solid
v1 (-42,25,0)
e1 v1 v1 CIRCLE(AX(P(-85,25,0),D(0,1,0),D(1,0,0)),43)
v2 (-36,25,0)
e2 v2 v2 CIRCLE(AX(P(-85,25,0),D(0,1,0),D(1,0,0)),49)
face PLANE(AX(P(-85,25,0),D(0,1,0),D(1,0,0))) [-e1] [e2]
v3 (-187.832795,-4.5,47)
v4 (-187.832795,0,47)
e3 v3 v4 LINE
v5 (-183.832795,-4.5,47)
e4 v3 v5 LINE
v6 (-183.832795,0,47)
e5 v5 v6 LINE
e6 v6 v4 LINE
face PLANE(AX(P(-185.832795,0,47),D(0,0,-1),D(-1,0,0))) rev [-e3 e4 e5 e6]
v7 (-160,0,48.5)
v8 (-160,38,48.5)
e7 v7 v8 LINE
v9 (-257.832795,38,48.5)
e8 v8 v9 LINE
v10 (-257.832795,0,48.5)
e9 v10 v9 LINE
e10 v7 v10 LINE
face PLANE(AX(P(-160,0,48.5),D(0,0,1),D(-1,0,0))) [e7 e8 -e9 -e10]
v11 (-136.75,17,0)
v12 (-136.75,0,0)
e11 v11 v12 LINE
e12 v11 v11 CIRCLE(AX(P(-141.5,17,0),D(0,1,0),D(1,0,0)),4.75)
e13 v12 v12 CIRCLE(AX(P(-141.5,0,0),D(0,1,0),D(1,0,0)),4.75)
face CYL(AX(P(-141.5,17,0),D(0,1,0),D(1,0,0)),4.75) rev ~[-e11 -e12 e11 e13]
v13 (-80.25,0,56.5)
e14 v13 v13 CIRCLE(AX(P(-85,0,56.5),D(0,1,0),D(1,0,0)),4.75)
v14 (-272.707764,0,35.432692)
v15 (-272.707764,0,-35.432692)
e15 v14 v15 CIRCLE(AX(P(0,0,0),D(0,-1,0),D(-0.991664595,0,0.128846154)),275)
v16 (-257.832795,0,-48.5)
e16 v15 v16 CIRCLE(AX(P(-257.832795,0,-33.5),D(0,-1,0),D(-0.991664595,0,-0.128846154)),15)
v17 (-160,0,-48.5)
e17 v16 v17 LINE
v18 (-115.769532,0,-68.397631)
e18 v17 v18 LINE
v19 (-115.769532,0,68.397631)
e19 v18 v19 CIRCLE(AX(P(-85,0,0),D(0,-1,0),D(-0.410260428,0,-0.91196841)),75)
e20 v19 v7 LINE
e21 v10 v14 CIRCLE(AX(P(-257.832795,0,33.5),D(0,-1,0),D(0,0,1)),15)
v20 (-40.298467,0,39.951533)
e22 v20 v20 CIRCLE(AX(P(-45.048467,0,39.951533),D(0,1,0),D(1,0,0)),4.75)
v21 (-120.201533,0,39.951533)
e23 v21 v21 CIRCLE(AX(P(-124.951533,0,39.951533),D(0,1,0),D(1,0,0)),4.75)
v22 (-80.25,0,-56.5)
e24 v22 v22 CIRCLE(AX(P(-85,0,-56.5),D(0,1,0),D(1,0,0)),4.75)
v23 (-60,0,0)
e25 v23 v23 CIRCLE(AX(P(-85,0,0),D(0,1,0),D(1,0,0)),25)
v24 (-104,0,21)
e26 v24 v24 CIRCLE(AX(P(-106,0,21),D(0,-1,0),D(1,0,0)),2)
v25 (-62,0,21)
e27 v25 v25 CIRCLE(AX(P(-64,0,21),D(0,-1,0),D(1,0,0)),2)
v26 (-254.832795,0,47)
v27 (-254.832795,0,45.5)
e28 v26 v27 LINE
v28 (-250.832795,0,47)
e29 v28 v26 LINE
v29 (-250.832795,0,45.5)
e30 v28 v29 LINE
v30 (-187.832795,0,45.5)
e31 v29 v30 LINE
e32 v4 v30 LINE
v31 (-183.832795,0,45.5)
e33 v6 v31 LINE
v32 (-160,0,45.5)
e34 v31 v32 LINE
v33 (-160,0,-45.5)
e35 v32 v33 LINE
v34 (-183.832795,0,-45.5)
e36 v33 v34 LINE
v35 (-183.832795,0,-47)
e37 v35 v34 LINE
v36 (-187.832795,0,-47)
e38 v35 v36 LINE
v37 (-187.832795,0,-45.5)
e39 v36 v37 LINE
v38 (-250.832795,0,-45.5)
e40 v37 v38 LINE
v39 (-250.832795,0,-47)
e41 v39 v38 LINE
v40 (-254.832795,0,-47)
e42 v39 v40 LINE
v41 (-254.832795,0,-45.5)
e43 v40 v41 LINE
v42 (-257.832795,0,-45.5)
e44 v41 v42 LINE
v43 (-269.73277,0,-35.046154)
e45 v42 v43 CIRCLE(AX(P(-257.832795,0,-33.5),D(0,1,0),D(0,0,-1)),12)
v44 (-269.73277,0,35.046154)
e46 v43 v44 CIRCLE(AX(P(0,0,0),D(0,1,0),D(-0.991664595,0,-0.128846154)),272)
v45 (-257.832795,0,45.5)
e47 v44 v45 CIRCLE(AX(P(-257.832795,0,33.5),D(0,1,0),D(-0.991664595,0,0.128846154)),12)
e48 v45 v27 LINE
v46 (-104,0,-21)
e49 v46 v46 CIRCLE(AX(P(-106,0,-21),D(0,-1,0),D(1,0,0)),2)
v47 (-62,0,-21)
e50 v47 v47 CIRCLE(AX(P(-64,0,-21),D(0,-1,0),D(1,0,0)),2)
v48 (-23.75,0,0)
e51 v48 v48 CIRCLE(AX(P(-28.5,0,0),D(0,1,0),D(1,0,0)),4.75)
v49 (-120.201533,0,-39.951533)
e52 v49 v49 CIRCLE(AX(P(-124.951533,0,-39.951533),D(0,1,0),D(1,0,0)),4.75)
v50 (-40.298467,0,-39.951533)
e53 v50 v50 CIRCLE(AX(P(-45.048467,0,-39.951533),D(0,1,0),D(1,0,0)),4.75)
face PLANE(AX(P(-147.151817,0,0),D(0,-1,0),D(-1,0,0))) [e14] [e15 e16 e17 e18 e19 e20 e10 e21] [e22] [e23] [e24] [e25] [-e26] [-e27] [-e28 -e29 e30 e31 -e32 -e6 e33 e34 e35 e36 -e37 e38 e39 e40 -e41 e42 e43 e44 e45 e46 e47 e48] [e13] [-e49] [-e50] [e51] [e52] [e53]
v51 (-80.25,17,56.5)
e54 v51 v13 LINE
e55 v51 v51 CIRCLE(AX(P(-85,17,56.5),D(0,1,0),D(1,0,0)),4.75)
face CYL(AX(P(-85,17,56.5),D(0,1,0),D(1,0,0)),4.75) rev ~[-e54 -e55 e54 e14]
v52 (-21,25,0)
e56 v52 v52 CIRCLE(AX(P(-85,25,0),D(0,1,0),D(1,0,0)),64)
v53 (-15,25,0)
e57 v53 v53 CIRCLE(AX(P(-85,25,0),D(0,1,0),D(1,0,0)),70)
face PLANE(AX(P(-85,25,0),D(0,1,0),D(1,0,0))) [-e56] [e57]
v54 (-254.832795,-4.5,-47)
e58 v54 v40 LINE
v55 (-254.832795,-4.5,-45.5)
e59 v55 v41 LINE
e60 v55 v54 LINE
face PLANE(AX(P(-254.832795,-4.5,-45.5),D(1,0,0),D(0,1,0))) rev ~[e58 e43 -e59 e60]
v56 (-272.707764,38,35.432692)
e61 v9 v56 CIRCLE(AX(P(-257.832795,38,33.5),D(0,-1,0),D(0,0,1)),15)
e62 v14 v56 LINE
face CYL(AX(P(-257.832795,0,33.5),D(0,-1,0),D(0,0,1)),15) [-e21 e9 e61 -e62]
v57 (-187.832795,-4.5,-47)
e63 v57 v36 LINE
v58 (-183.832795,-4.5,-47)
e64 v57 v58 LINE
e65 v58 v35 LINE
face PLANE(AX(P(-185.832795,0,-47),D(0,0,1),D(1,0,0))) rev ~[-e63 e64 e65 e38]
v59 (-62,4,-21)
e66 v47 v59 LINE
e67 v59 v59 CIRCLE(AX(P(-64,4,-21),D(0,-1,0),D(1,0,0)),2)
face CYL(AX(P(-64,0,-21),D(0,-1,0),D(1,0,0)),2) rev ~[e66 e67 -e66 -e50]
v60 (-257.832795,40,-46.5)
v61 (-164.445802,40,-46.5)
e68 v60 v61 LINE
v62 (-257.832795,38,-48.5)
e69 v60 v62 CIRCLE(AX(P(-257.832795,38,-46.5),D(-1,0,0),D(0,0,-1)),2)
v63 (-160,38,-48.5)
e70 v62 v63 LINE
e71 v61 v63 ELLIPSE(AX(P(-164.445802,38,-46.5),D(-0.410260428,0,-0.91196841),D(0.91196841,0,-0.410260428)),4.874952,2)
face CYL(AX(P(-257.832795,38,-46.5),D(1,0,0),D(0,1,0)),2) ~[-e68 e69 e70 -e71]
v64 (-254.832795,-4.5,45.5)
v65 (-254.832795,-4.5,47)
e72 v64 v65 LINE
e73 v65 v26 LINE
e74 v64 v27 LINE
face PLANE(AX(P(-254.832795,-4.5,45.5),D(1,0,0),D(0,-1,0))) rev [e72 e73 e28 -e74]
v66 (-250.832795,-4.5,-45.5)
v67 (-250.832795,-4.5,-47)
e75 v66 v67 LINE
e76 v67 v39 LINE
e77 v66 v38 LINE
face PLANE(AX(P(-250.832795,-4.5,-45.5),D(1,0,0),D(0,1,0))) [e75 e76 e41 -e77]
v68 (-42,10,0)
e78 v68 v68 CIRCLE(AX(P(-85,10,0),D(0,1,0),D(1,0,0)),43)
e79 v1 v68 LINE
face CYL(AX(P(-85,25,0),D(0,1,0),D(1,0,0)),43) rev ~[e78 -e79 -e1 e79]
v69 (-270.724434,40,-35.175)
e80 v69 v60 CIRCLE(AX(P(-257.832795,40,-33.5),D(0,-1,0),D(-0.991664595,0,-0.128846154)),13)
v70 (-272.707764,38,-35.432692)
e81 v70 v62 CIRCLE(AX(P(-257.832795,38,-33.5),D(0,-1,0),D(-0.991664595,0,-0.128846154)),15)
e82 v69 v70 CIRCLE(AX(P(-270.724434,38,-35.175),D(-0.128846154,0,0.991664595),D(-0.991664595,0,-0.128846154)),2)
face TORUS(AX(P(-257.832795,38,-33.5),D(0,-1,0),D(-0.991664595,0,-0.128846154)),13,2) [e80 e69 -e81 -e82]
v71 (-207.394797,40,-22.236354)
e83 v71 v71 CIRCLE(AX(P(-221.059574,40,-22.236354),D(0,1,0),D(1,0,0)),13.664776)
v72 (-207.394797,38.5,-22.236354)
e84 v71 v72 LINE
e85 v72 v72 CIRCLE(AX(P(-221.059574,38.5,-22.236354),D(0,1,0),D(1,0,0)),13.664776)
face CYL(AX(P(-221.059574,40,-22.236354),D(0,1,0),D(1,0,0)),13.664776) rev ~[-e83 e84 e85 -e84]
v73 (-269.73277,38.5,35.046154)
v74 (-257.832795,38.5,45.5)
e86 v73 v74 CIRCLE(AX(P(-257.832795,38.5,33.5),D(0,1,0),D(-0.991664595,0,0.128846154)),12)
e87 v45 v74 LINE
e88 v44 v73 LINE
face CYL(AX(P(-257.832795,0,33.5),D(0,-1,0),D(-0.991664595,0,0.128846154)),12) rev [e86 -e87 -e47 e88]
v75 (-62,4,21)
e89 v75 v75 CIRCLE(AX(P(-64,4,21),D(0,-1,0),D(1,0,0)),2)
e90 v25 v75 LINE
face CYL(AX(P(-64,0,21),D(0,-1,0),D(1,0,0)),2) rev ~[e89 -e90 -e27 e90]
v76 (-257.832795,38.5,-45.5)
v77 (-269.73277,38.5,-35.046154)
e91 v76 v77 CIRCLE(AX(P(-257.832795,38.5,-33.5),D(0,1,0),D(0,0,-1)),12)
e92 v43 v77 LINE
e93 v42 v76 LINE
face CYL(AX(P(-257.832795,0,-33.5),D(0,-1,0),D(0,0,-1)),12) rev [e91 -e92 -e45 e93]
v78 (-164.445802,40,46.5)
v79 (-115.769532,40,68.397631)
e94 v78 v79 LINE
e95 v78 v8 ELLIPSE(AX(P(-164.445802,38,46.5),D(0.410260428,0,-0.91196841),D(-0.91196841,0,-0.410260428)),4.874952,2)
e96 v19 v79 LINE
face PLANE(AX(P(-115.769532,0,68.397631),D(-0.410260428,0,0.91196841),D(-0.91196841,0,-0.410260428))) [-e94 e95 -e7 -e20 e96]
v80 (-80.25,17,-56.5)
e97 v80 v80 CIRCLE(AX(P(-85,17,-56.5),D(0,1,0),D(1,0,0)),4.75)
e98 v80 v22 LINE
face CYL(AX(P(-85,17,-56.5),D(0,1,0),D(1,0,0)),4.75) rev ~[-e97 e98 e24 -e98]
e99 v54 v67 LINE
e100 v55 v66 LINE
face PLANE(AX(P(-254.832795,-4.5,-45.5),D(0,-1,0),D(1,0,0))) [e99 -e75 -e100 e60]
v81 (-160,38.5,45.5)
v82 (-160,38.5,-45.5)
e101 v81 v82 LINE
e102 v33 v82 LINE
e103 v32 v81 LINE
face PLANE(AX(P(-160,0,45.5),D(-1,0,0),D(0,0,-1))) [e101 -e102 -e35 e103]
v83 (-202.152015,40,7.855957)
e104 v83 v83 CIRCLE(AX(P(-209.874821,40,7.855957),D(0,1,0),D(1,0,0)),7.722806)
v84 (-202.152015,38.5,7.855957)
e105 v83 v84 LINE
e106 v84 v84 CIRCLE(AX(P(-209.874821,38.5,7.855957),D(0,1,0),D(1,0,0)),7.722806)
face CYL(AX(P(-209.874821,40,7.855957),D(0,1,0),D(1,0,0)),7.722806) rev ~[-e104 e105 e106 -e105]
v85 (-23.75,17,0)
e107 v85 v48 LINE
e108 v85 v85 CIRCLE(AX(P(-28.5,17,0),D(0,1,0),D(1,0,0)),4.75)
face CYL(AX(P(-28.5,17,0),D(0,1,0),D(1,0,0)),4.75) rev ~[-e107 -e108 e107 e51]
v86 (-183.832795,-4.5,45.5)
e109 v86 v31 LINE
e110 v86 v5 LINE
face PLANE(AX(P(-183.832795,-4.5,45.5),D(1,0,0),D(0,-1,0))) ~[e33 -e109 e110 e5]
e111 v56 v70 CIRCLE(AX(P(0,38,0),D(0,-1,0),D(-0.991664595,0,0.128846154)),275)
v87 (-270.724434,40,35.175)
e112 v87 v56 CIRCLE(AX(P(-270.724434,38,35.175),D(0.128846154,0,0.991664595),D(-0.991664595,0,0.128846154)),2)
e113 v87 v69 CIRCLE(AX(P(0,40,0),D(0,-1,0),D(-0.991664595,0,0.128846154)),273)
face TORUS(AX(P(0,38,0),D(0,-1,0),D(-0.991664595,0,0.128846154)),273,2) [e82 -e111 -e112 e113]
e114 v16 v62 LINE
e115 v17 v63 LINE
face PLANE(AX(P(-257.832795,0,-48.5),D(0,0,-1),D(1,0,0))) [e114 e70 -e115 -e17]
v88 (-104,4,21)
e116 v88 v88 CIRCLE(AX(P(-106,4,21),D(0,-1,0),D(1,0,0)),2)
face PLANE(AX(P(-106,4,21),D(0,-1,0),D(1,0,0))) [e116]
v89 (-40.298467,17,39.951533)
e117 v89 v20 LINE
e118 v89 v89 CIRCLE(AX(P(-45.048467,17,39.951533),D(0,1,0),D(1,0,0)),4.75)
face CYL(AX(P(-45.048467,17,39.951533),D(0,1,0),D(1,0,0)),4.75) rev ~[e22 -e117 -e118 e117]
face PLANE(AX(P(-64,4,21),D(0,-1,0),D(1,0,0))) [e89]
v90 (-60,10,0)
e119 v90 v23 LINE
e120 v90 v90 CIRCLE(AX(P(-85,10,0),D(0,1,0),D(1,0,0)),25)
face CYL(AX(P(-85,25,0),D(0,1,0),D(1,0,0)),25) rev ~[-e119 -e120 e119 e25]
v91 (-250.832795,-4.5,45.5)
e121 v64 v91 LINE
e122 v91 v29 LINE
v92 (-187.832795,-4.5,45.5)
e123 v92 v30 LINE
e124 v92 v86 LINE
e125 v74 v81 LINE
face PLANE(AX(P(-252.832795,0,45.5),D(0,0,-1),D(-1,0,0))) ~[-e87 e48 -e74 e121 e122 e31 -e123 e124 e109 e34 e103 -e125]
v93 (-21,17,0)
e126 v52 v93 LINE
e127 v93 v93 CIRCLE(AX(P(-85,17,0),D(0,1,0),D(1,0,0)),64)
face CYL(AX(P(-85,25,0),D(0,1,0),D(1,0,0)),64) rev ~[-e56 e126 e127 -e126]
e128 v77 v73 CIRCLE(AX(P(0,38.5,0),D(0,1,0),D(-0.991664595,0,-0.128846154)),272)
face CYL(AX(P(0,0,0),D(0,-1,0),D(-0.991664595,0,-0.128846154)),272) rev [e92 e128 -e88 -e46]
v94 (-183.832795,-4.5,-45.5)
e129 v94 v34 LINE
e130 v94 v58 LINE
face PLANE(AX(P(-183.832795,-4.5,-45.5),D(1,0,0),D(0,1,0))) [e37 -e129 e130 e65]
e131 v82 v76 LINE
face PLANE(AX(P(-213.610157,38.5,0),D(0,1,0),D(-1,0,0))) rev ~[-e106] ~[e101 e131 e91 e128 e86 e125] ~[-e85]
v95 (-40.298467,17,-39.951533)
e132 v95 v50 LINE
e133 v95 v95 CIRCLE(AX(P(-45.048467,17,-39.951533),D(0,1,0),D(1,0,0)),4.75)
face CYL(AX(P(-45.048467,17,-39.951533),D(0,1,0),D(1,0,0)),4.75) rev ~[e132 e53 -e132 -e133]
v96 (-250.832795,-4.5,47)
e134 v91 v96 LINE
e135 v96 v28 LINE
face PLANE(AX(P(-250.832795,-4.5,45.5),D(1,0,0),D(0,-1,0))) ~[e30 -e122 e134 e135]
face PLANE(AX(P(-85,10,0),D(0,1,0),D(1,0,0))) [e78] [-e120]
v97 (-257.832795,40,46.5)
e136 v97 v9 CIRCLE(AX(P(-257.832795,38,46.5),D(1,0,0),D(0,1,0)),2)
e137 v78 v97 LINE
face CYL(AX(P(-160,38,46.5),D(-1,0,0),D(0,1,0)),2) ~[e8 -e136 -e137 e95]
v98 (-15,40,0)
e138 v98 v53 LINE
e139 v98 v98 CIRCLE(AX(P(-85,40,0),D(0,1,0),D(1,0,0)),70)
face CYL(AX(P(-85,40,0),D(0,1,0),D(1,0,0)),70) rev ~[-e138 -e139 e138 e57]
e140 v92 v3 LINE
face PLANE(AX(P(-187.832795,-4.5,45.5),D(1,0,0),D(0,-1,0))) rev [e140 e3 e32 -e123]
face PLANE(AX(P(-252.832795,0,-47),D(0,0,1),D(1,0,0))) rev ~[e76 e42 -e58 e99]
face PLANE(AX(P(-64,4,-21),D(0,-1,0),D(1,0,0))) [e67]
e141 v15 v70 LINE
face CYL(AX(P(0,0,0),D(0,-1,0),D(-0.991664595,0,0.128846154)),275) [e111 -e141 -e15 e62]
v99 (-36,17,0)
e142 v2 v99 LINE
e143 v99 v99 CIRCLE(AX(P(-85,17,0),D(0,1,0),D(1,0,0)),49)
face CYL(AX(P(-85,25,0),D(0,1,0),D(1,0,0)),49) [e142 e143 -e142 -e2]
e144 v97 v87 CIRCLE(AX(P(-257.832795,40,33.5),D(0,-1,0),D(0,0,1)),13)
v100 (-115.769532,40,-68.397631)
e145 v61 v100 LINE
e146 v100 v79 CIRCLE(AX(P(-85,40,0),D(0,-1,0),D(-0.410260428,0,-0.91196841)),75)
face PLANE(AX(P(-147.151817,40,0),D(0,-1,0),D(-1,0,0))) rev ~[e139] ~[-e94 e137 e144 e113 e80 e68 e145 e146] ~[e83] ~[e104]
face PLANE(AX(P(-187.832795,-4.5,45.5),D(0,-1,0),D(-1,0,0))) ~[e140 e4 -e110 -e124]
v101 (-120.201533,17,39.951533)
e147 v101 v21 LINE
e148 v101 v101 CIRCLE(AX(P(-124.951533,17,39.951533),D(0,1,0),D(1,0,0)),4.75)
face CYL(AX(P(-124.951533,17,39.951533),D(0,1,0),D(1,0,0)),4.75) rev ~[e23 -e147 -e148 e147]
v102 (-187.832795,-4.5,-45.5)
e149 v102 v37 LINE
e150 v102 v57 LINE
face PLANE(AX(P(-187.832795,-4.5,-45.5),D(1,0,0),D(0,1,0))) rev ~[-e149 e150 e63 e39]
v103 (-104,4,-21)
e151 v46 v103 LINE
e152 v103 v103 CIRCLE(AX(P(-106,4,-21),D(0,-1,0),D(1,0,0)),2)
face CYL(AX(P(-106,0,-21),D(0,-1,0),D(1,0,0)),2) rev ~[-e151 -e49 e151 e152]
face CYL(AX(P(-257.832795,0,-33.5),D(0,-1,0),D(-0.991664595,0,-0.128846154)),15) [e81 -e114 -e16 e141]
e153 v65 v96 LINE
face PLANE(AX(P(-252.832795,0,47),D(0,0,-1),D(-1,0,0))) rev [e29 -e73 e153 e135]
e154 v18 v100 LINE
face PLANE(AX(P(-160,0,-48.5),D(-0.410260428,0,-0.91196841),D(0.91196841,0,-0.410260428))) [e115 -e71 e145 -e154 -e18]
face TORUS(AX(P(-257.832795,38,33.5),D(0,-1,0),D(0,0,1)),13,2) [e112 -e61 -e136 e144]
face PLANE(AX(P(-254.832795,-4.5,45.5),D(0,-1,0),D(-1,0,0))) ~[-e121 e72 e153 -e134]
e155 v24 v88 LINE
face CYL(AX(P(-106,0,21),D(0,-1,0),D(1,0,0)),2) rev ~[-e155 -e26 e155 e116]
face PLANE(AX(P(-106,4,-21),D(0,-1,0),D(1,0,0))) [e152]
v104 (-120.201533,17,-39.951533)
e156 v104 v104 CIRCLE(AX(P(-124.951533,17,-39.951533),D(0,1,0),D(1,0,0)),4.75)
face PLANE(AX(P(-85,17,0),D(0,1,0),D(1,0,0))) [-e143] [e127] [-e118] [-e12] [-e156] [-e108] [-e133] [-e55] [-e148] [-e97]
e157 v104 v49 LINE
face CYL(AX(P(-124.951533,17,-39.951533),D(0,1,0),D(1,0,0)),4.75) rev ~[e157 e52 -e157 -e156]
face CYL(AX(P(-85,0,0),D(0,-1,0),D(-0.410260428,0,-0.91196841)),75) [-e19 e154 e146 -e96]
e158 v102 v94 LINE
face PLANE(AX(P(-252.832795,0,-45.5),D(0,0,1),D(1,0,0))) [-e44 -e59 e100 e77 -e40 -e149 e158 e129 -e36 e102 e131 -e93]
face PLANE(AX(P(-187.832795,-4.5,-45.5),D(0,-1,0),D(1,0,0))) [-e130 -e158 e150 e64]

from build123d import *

# Parameters (mm, degrees)
BOSS_EXTRUDE1_DEPTH = 40
SKETCH2_R           = 70
CUT_EXTRUDE1_DEPTH  = 15
SKETCH3_R           = 64
SKETCH3_R_2         = 49
CUT_EXTRUDE3_DEPTH  = 8
SKETCH4_R           = 4.75
CUT_EXTRUDE4_DEPTH  = 18
SKETCH5_R           = 25
CUT_EXTRUDE5_DEPTH  = 26
SKETCH7_R           = 43
CUT_EXTRUDE6_DEPTH  = 15
CUT_EXTRUDE7_DEPTH  = 38.5
SKETCH9_R           = 13.664776458
SKETCH9_R_2         = 7.722805547
CUT_EXTRUDE8_DEPTH  = 41
FILLET1_R           = 2
SKETCH10_W          = 4
SKETCH10_H          = 9
BOSS_EXTRUDE2_DEPTH = 1.5
SKETCH11_R          = 2
CUT_EXTRUDE9_DEPTH  = 4


with BuildPart() as part:
    # Sketch1 → Boss-Extrude1 (new body)
    with BuildSketch(Plane(origin=(0, 0, 0), x_dir=(1, 0, 0), z_dir=(0, 1, 0))):
        with BuildLine():
            Line((-257.832794656, 48.5), (-160, 48.5))
            Line((-160, 48.5), (-115.769532107, 68.397630762))
            ThreePointArc((-115.769532107, 68.397630762), (-10, 0), (-115.769532107, -68.397630762))
            Line((-115.769532107, -68.397630762), (-160, -48.5))
            Line((-160, -48.5), (-257.832794656, -48.5))
            ThreePointArc((-257.832794656, -48.5), (-267.732532415, -44.769214361), (-272.707763578, -35.432692308))
            ThreePointArc((-272.707763578, -35.432692308), (-275, 0), (-272.707763578, 35.432692308))
            ThreePointArc((-272.707763578, 35.432692308), (-267.732532415, 44.769214361), (-257.832794656, 48.5))
        make_face()
    extrude(amount=BOSS_EXTRUDE1_DEPTH)

    # Sketch2 → Cut-Extrude1 (cut)
    with BuildSketch(Plane(origin=(0, 40, 0), x_dir=(1, 0, 0), z_dir=(0, 1, 0))):
        with Locations((-85, 0)):
            Circle(SKETCH2_R)
    extrude(amount=-CUT_EXTRUDE1_DEPTH, mode=Mode.SUBTRACT)

    # Sketch3 → Cut-Extrude3 (cut)
    with BuildSketch(Plane(origin=(0, 25, 0), x_dir=(1, 0, 0), z_dir=(0, 1, 0))):
        with Locations((-85, 0)):
            Circle(SKETCH3_R)
        with Locations((-85, 0)):
            Circle(SKETCH3_R_2, mode=Mode.SUBTRACT)
    extrude(amount=-CUT_EXTRUDE3_DEPTH, mode=Mode.SUBTRACT)

    # Sketch4 → Cut-Extrude4 (cut, through all)
    with BuildSketch(Plane(origin=(0, 17, 0), x_dir=(1, 0, 0), z_dir=(0, 1, 0))):
        with Locations((-45.048466863, -39.951533137)):
            Circle(SKETCH4_R)
        with Locations((-85, -56.5)):
            Circle(SKETCH4_R)
        with Locations((-28.5, 0)):
            Circle(SKETCH4_R)
        with Locations((-124.951533137, -39.951533137)):
            Circle(SKETCH4_R)
        with Locations((-141.5, 0)):
            Circle(SKETCH4_R)
        with Locations((-124.951533137, 39.951533137)):
            Circle(SKETCH4_R)
        with Locations((-85, 56.5)):
            Circle(SKETCH4_R)
        with Locations((-45.048466863, 39.951533137)):
            Circle(SKETCH4_R)
    extrude(amount=-CUT_EXTRUDE4_DEPTH, mode=Mode.SUBTRACT)

    # Sketch5 → Cut-Extrude5 (cut, through all)
    with BuildSketch(Plane(origin=(0, 25, 0), x_dir=(1, 0, 0), z_dir=(0, 1, 0))):
        with Locations((-85, 0)):
            Circle(SKETCH5_R)
    extrude(amount=-CUT_EXTRUDE5_DEPTH, mode=Mode.SUBTRACT)

    # Sketch7 → Cut-Extrude6 (cut)
    with BuildSketch(Plane(origin=(0, 25, 0), x_dir=(1, 0, 0), z_dir=(0, 1, 0))):
        with Locations((-85, 0)):
            Circle(SKETCH7_R)
    extrude(amount=-CUT_EXTRUDE6_DEPTH, mode=Mode.SUBTRACT)

    # Sketch8 → Cut-Extrude7 (cut)
    with BuildSketch(Plane.XZ):
        with BuildLine():
            Line((-257.832794656, 45.5), (-160, 45.5))
            Line((-160, 45.5), (-160, -45.5))
            Line((-160, -45.5), (-257.832794656, -45.5))
            ThreePointArc((-257.832794656, -45.5), (-265.752584863, -42.515371489), (-269.732769794, -35.046153846))
            ThreePointArc((-269.732769794, -35.046153846), (-272, 0), (-269.732769794, 35.046153846))
            ThreePointArc((-269.732769794, 35.046153846), (-265.752584863, 42.515371489), (-257.832794656, 45.5))
        make_face()
    extrude(amount=-CUT_EXTRUDE7_DEPTH, mode=Mode.SUBTRACT)

    # Sketch9 → Cut-Extrude8 (cut, through all)
    with BuildSketch(Plane(origin=(0, 40, 0), x_dir=(1, 0, 0), z_dir=(0, 1, 0))):
        with Locations((-221.059573663, 22.236353901)):
            Circle(SKETCH9_R)
        with Locations((-209.874820802, -7.855957366)):
            Circle(SKETCH9_R_2)
    extrude(amount=-CUT_EXTRUDE8_DEPTH, mode=Mode.SUBTRACT)

    # Fillet1
    fillet1_edges = [part.edges().sort_by_distance(p)[0] for p in [
        (-267.732532415, 40, 44.769214361),
        (-208.916397328, 40, 48.5),
        (-208.916397328, 40, -48.5),
        (-267.732532415, 40, -44.769214361),
        (-275, 40, 0),
    ]]
    fillet(fillet1_edges, radius=FILLET1_R)

    # Sketch10 → Boss-Extrude2 (add)
    with BuildSketch(Plane.XY.offset(-45.5)):
        with Locations((-252.832794656, 0)):
            Rectangle(SKETCH10_W, SKETCH10_H)
        with Locations((-185.832794656, 0)):
            Rectangle(SKETCH10_W, SKETCH10_H)
    boss_extrude2 = extrude(amount=-BOSS_EXTRUDE2_DEPTH)

    # Mirror1: Boss-Extrude2 across plane
    add(boss_extrude2.mirror(Plane.XY))

    # Sketch11 → Cut-Extrude9 (cut)
    with BuildSketch(Plane.XZ):
        with Locations((-106, 21)):
            Circle(SKETCH11_R)
        with Locations((-64, 21)):
            Circle(SKETCH11_R)
        with Locations((-64, -21)):
            Circle(SKETCH11_R)
        with Locations((-106, -21)):
            Circle(SKETCH11_R)
    extrude(amount=-CUT_EXTRUDE9_DEPTH, mode=Mode.SUBTRACT)


solid = part.part
